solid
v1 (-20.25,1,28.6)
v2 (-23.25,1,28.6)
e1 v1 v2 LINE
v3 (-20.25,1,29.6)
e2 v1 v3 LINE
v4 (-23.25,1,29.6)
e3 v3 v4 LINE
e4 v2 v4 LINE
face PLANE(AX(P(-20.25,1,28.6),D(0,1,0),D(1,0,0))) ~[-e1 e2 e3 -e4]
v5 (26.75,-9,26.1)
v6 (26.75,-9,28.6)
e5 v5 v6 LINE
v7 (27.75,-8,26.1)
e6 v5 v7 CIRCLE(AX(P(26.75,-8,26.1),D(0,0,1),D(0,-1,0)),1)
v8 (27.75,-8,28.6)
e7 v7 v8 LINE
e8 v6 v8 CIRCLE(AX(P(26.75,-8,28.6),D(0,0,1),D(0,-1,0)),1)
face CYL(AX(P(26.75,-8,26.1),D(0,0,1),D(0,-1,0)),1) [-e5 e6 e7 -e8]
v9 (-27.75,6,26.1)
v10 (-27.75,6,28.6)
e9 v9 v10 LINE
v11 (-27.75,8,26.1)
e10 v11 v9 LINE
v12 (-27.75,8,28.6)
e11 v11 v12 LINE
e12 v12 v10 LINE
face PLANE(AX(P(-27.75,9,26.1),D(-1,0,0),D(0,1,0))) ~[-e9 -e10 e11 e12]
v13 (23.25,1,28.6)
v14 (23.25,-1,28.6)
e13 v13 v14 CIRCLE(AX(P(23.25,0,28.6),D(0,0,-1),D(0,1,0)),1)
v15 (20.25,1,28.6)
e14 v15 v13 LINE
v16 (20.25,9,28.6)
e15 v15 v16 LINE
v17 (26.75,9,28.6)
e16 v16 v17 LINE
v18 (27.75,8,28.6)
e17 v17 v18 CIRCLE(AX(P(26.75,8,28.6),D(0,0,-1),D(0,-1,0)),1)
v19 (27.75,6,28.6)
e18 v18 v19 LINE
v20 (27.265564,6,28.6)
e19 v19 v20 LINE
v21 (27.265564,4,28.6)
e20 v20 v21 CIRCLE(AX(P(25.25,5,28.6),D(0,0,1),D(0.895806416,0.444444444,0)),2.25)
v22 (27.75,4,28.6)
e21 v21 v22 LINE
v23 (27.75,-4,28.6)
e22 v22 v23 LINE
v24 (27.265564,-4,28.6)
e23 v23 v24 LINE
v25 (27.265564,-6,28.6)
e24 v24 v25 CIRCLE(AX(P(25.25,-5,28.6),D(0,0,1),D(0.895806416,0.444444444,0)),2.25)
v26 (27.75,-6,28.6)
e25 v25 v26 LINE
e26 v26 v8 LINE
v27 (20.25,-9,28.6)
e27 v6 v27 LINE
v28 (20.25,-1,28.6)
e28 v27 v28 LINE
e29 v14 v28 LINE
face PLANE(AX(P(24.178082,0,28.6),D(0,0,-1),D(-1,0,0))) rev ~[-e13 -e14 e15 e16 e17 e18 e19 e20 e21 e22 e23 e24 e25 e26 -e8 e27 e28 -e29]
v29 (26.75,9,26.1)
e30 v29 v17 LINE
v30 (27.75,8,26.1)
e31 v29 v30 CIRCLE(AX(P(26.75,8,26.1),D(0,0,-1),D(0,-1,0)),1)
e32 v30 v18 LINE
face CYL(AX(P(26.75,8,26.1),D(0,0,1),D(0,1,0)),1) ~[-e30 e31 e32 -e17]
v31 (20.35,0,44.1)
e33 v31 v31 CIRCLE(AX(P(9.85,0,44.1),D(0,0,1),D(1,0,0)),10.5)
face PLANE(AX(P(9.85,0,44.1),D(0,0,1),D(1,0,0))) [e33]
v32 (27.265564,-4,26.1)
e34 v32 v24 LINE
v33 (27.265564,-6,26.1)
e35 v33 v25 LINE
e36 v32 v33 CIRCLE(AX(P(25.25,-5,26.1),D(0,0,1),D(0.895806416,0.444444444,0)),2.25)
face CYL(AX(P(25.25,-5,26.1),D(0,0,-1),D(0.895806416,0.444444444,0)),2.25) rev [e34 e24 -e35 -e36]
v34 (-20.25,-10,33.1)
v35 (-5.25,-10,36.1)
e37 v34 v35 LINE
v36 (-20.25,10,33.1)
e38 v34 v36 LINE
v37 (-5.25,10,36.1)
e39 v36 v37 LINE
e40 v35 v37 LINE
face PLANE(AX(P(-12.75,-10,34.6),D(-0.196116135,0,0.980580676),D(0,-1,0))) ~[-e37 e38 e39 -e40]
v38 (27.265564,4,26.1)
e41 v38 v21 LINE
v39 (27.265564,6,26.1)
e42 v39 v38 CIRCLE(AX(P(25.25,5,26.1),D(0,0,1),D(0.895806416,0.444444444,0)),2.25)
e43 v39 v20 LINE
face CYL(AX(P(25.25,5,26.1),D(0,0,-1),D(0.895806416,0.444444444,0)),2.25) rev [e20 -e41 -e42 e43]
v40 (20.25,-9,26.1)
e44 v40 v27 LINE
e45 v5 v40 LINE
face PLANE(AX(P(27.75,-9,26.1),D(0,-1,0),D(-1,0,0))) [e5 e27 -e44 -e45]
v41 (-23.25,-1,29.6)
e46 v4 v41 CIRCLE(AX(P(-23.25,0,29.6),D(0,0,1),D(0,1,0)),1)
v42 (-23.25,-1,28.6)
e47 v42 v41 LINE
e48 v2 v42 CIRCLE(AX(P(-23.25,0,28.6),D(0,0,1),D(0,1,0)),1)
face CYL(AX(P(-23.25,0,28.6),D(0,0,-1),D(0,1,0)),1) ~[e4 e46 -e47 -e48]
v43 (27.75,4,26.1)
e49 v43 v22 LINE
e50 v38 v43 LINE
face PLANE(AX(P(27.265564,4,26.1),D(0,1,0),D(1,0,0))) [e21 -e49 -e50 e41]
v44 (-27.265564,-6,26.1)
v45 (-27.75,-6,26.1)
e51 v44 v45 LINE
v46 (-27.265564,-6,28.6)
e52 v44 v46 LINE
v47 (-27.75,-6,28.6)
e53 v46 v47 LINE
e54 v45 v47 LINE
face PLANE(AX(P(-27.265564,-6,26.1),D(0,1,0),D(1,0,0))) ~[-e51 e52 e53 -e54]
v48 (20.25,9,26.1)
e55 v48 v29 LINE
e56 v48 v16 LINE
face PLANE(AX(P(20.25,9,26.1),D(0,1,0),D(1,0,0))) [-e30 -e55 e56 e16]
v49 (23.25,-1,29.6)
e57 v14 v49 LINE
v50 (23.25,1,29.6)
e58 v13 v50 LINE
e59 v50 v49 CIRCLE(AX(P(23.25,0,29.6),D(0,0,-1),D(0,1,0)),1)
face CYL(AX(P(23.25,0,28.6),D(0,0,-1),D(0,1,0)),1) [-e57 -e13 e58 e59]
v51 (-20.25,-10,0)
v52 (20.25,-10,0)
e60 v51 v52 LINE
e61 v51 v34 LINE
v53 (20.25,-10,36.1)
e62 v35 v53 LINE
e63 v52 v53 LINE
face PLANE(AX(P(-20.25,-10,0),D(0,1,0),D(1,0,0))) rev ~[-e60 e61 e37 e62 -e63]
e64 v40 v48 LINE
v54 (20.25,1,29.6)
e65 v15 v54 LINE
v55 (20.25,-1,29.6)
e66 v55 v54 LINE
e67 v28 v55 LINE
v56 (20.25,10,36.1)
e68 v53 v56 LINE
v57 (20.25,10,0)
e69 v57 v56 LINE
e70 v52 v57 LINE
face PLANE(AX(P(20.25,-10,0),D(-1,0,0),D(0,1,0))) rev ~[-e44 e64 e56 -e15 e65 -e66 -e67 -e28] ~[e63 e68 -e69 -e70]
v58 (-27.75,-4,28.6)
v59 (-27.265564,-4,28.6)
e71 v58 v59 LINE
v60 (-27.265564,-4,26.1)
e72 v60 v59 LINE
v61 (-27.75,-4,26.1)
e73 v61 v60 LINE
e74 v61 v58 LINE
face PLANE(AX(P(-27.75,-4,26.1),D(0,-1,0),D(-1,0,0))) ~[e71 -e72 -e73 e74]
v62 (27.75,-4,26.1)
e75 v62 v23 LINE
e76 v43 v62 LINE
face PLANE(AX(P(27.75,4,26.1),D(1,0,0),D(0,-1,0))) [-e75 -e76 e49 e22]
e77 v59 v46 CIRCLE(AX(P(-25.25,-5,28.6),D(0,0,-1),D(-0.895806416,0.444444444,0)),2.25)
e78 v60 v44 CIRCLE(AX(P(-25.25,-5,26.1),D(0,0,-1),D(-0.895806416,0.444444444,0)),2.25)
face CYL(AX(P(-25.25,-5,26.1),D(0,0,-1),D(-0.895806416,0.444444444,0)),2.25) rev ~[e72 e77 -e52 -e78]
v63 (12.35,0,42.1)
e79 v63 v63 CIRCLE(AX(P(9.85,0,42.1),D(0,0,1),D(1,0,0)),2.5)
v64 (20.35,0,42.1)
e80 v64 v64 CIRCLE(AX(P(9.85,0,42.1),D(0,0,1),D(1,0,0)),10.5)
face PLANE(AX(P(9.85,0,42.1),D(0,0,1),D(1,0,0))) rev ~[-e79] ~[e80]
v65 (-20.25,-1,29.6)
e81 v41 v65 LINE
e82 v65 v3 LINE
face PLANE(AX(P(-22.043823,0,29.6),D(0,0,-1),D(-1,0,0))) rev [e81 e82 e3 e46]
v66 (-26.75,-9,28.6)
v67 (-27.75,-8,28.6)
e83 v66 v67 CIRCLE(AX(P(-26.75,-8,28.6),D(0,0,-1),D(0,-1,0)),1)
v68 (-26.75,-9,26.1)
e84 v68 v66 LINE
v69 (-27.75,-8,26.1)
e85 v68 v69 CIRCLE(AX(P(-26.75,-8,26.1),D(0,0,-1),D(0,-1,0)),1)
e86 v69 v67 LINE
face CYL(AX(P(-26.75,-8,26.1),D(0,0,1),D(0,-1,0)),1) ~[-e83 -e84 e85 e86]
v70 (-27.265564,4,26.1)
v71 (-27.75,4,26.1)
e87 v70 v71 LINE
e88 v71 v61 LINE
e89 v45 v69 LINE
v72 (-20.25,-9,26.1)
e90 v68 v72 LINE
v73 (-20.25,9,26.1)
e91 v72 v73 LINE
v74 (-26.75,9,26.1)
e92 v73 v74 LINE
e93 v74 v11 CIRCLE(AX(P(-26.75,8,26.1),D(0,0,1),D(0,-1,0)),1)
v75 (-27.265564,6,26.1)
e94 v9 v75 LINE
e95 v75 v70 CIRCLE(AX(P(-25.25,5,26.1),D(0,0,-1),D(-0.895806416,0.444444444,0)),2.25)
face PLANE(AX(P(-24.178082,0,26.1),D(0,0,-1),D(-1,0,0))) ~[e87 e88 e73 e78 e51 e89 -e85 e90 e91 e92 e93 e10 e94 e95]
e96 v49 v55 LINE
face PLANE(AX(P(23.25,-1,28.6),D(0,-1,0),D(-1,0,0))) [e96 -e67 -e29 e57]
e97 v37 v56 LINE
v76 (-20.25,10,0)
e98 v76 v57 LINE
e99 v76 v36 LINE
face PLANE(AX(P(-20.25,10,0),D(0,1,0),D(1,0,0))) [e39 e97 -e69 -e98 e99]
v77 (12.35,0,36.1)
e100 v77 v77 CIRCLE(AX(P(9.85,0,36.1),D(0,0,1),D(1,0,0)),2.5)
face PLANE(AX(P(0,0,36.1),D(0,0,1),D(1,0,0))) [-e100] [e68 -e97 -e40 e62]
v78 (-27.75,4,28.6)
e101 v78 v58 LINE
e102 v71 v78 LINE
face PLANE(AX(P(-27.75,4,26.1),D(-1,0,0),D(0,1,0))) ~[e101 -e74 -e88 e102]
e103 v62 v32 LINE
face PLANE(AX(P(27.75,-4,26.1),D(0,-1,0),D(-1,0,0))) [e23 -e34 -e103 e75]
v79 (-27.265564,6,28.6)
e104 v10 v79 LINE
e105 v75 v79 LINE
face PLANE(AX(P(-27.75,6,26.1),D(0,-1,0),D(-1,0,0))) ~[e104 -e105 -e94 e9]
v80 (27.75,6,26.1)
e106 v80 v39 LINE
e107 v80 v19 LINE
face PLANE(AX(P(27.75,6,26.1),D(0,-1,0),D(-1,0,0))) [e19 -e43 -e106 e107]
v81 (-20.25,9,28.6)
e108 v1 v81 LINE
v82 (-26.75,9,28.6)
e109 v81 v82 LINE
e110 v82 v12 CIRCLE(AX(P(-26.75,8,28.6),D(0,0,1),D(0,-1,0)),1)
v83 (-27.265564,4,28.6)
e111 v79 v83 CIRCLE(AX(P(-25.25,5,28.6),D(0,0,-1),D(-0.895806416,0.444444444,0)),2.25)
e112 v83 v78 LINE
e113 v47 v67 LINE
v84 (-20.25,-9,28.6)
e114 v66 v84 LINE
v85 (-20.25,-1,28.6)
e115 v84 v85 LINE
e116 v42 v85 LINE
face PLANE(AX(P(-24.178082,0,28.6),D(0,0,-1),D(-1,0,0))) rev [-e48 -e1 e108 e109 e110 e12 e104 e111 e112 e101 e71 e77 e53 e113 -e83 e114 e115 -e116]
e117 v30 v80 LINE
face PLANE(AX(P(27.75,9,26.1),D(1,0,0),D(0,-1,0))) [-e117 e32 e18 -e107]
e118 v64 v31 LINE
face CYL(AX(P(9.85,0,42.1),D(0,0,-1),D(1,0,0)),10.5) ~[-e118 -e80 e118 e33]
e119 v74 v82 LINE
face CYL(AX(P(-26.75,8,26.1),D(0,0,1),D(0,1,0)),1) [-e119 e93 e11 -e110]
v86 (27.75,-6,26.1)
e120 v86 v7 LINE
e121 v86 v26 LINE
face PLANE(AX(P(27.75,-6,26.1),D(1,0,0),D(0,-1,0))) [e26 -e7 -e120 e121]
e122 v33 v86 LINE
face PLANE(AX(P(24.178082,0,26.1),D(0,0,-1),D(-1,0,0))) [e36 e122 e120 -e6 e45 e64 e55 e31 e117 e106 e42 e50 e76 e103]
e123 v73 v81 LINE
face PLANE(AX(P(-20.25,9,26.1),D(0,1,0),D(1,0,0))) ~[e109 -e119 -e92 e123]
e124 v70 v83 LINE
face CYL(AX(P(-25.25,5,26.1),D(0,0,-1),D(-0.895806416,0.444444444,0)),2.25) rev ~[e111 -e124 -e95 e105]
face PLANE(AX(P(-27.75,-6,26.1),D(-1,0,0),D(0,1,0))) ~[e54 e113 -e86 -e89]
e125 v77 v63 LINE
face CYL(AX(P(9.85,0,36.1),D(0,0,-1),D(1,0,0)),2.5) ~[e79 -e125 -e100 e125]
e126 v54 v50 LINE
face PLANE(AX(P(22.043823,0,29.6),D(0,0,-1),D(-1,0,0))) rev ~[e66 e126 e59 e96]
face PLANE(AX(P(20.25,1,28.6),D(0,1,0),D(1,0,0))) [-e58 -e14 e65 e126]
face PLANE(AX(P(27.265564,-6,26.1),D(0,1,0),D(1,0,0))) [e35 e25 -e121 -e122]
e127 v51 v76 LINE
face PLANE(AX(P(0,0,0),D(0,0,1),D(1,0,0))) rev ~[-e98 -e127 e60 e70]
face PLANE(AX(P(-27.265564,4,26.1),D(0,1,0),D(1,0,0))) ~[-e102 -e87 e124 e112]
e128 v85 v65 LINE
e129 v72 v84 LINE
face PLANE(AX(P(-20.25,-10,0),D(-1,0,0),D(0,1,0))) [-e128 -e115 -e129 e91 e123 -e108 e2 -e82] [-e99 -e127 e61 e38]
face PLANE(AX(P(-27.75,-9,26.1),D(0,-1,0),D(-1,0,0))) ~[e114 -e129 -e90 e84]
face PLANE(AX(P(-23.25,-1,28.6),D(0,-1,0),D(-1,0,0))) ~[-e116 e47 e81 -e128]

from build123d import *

# Parameters (mm, degrees)
SKETCH1_W            = 40.5
SKETCH1_H            = 20
BOSS_EXTRUDE1_DEPTH  = 36.1
BOSS_EXTRUDE2_DEPTH  = 2.5
BOSS_EXTRUDE3_DEPTH  = 1
FILLET1_R            = 1
FILLET1_OF_MIRROR1_R = 1
CHAMFER1_SIZE        = 3
CHAMFER1_SIZE2       = 15
SKETCH4_R            = 2.5
BOSS_EXTRUDE4_DEPTH  = 6
SKETCH5_R            = 10.5
BOSS_EXTRUDE5_DEPTH  = 2


with BuildPart() as part:
    # Sketch1 → Boss-Extrude1 (new body)
    with BuildSketch(Plane.XY):
        Rectangle(SKETCH1_W, SKETCH1_H)
    extrude(amount=BOSS_EXTRUDE1_DEPTH)

    # Sketch2 → Boss-Extrude2 (add)
    with BuildSketch(Plane(origin=(0, 0, 26.1), x_dir=(-1, 0, 0), z_dir=(0, 0, -1))):
        with BuildLine():
            Line((-20.25, 9), (-27.75, 9))
            Line((-27.75, 9), (-27.75, 6))
            Line((-27.75, 6), (-27.265564437, 6))
            ThreePointArc((-27.265564437, 6), (-23, 5), (-27.265564437, 4))
            Line((-27.265564437, 4), (-27.75, 4))
            Line((-27.75, 4), (-27.75, -4))
            Line((-27.75, -4), (-27.265564437, -4))
            ThreePointArc((-27.265564437, -4), (-23, -5), (-27.265564437, -6))
            Line((-27.265564437, -6), (-27.75, -6))
            Line((-27.75, -6), (-27.75, -9))
            Line((-27.75, -9), (-20.25, -9))
            Line((-20.25, -9), (-20.25, 9))
        make_face()
    boss_extrude2 = extrude(amount=-BOSS_EXTRUDE2_DEPTH)

    # Sketch3 → Boss-Extrude3 (add)
    with BuildSketch(Plane.XY.offset(28.6)):
        with BuildLine():
            Line((20.25, 1), (23.25, 1))
            ThreePointArc((23.25, 1), (24.25, 0), (23.25, -1))
            Line((23.25, -1), (20.25, -1))
            Line((20.25, -1), (20.25, 1))
        make_face()
    boss_extrude3 = extrude(amount=BOSS_EXTRUDE3_DEPTH)

    # Fillet1
    fillet1_edges = [part.edges().sort_by_distance(p)[0] for p in [
        (27.75, -9, 27.35),
        (27.75, 9, 27.35),
    ]]
    fillet(fillet1_edges, radius=FILLET1_R)

    # Mirror1: Boss-Extrude2, Boss-Extrude3 across plane
    add(boss_extrude2.mirror(Plane(origin=(0, 0, 0), x_dir=(0, 0, 1), z_dir=(1, 0, 0))))
    add(boss_extrude3.mirror(Plane(origin=(0, 0, 0), x_dir=(0, 0, 1), z_dir=(1, 0, 0))))

    # Fillet1 of Mirror1
    fillet1_of_mirror1_edges = [part.edges().sort_by_distance(p)[0] for p in [
        (-27.75, -9, 27.35),
        (-27.75, 9, 27.35),
    ]]
    fillet(fillet1_of_mirror1_edges, radius=FILLET1_OF_MIRROR1_R)

    # Chamfer1
    chamfer1_edges = [part.edges().sort_by_distance(p)[0] for p in [
        (-20.25, 0, 36.1),
    ]]
    chamfer1_side = [part.faces().sort_by_distance(p)[0] for p in [
        (-20.25, 0, 17.397259259),
    ]]
    chamfer(chamfer1_edges, length=CHAMFER1_SIZE, length2=CHAMFER1_SIZE2, reference=chamfer1_side[0])

    # Sketch4 → Boss-Extrude4 (add)
    with BuildSketch(Plane.XY.offset(36.1)):
        with Locations((9.85, 0)):
            Circle(SKETCH4_R)
    extrude(amount=BOSS_EXTRUDE4_DEPTH)

    # Sketch5 → Boss-Extrude5 (add)
    with BuildSketch(Plane.XY.offset(42.1)):
        with Locations((9.85, 0)):
            Circle(SKETCH5_R)
    extrude(amount=BOSS_EXTRUDE5_DEPTH)


solid = part.part
